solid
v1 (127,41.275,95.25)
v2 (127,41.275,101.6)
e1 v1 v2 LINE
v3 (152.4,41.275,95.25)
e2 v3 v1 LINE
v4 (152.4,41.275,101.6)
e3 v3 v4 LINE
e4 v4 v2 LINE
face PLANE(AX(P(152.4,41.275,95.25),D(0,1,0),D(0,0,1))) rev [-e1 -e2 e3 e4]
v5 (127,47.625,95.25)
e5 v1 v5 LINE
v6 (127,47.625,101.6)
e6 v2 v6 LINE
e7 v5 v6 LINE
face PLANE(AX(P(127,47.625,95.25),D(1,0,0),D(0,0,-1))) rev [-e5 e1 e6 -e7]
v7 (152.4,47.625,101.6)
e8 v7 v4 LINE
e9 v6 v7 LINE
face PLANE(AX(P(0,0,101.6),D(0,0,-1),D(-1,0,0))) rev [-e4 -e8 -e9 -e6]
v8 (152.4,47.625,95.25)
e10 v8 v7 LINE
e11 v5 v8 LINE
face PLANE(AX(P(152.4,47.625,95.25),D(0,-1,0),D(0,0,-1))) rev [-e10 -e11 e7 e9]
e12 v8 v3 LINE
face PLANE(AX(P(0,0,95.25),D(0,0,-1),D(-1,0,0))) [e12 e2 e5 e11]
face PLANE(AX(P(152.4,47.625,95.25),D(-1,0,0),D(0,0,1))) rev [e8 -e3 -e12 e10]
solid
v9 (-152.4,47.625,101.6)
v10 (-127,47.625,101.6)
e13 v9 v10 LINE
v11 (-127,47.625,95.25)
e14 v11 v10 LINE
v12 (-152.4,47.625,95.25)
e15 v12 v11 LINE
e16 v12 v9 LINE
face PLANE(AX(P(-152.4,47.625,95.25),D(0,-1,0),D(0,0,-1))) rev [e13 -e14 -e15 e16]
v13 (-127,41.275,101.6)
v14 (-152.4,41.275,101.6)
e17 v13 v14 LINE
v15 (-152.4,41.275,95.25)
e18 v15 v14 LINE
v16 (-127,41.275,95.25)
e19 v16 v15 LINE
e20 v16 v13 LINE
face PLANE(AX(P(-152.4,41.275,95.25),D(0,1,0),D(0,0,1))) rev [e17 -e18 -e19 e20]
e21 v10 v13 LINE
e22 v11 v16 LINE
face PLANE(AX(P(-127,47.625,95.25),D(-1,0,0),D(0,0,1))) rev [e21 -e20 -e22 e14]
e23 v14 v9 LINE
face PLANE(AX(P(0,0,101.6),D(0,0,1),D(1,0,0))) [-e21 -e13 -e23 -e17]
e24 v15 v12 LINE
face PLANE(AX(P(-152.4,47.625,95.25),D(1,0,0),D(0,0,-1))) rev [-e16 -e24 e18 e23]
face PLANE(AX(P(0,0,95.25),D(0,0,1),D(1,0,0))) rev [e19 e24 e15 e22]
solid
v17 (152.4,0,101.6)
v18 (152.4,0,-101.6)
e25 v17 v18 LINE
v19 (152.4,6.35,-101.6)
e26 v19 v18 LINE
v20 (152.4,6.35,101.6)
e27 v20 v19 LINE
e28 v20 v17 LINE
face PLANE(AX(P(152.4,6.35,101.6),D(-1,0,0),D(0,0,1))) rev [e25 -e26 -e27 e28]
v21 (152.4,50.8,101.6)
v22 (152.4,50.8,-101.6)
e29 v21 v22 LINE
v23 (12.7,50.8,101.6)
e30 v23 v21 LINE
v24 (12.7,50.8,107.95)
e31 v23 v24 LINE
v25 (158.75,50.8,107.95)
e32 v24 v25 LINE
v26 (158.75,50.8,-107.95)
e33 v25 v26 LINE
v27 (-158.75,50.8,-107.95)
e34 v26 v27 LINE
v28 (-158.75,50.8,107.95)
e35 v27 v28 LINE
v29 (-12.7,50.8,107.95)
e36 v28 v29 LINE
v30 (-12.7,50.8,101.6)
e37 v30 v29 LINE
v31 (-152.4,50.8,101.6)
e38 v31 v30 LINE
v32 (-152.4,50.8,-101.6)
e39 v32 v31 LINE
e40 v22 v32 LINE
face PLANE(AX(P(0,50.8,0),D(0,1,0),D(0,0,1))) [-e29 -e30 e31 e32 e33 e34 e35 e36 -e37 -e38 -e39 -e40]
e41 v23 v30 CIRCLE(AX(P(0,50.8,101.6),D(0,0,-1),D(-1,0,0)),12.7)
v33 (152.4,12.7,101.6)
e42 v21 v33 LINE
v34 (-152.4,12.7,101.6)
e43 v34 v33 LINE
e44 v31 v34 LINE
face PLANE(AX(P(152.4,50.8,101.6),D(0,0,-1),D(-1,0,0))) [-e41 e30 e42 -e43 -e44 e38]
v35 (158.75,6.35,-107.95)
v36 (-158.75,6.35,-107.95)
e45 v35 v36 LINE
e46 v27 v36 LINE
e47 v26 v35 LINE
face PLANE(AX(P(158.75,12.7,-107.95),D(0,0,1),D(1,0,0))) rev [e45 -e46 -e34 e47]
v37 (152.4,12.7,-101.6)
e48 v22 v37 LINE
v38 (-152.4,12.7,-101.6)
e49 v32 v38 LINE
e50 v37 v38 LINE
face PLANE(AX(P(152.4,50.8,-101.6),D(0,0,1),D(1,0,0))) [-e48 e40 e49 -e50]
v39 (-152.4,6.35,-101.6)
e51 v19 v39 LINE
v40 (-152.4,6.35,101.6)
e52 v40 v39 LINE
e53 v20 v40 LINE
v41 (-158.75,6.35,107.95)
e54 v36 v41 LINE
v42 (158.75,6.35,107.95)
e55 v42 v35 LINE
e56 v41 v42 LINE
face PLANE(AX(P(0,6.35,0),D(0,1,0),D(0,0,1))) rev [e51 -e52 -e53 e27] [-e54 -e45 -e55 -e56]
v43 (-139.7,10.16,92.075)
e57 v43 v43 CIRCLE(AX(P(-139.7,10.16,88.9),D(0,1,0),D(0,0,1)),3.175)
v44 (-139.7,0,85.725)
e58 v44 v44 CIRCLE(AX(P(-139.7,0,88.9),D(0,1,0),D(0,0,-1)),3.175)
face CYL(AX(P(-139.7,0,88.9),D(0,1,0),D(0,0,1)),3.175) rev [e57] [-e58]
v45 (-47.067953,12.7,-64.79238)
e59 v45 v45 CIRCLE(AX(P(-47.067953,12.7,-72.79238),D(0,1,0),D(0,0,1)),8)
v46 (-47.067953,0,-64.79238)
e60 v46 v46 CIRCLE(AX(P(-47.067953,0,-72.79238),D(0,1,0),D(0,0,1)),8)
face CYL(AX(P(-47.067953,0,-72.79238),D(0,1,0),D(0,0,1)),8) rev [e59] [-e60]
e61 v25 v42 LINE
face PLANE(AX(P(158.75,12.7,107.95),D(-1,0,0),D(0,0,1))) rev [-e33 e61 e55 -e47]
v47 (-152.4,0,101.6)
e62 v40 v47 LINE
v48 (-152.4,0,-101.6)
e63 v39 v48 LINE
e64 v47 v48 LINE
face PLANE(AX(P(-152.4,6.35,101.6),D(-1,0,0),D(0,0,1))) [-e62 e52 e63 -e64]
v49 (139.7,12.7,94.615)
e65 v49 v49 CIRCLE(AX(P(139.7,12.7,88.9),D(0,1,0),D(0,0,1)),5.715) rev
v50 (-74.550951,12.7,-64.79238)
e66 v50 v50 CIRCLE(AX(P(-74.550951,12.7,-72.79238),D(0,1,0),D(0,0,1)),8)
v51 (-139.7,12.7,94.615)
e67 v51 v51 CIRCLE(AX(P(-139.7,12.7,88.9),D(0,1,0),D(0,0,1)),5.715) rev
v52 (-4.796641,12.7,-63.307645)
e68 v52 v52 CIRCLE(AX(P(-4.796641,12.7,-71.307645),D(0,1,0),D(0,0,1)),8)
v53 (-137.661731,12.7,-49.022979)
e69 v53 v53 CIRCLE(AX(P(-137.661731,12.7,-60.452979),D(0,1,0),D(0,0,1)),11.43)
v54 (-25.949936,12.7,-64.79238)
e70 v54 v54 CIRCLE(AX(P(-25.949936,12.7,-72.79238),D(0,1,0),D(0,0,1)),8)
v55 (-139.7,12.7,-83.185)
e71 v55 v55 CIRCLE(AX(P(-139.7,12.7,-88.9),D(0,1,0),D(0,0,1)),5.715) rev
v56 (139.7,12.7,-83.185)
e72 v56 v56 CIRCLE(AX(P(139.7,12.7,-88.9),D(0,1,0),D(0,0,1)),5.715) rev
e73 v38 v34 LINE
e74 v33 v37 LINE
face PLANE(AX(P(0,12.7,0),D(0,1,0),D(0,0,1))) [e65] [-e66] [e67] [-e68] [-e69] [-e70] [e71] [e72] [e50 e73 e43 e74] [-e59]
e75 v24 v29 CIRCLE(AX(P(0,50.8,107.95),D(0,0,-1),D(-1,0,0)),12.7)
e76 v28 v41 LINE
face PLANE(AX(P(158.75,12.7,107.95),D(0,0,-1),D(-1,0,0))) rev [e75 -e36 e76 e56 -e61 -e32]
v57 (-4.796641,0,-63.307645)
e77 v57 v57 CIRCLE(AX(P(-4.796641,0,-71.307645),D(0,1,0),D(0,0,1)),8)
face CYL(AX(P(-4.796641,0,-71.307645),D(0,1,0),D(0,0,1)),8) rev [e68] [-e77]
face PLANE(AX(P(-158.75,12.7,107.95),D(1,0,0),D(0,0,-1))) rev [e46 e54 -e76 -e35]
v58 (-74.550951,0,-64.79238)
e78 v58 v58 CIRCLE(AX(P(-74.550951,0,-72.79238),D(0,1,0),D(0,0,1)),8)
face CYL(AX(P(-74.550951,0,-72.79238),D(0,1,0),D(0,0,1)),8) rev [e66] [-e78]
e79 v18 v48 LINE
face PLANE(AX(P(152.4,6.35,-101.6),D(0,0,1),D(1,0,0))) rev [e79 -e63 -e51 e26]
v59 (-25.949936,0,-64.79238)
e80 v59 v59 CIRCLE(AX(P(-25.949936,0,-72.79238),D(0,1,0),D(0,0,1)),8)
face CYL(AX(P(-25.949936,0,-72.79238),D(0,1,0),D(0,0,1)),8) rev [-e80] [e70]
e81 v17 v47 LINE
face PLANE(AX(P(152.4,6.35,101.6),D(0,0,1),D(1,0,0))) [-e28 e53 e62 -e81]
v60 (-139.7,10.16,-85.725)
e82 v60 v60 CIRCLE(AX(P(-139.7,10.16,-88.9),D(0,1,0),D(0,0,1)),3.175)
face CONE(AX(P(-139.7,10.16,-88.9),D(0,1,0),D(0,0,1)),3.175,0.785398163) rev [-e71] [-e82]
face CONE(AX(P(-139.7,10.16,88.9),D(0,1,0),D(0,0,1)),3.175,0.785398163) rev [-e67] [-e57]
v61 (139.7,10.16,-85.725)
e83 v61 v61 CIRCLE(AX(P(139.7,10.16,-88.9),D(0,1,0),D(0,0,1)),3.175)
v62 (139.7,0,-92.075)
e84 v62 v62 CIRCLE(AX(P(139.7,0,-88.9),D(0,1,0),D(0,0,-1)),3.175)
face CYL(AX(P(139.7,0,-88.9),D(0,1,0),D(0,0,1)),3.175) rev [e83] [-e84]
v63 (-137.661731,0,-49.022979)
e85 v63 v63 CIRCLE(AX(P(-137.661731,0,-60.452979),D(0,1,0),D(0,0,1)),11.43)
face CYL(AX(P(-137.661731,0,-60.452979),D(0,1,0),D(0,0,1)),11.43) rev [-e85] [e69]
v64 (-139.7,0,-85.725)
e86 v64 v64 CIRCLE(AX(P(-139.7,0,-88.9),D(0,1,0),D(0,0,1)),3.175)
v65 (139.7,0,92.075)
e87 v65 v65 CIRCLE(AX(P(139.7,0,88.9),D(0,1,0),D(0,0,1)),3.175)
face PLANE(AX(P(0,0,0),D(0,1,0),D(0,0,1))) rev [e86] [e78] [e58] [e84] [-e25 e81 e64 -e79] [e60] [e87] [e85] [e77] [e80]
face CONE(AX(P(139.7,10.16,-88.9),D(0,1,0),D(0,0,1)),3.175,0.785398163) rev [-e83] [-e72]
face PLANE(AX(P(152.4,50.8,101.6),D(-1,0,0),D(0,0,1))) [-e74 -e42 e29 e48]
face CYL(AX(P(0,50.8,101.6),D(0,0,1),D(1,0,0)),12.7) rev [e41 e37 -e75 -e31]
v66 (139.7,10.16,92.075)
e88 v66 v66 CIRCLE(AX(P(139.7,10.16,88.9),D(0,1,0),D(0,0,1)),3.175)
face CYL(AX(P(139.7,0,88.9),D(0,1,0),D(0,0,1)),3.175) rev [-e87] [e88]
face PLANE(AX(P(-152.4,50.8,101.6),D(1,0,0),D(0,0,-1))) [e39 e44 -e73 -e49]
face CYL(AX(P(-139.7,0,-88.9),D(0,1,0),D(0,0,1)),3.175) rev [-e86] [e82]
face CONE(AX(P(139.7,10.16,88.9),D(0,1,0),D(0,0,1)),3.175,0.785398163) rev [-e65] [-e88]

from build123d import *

# Parameters (mm, degrees)
SKETCH1_W             = 304.8
SKETCH1_H             = 203.2
BOSS_EXTRUDE1_DEPTH   = 6.35
SKETCH2_W             = 317.5
SKETCH2_H             = 215.9
BOSS_EXTRUDE2_DEPTH   = 6.35
SKETCH3_R             = 3.175
CUT_EXTRUDE1_DEPTH    = 12.7
CHAMFER1_SIZE         = 2.54
SKETCH6_W             = 317.5
SKETCH6_H             = 215.9
SKETCH6_W_2           = 304.8
SKETCH6_H_2           = 203.2
BOSS_EXTRUDE3_DEPTH   = 38.1
SKETCH7_W             = 25.4
SKETCH7_H             = 6.35
BOSS_EXTRUDE4_DEPTH   = 6.35
BOSS_EXTRUDE4_2_DEPTH = 6.35
CUT_EXTRUDE4_DEPTH    = 6.35
SKETCH4_R             = 11.43
SKETCH4_R_2           = 8
CUT_EXTRUDE2_DEPTH    = 12.7


with BuildPart() as part:
    # Sketch1 → Boss-Extrude1 (new body)
    with BuildSketch(Plane(origin=(0, 0, 0), x_dir=(1, 0, 0), z_dir=(0, 1, 0))):
        Rectangle(SKETCH1_W, SKETCH1_H)
    extrude(amount=BOSS_EXTRUDE1_DEPTH)

    # Sketch2 → Boss-Extrude2 (add)
    with BuildSketch(Plane(origin=(0, 6.35, 0), x_dir=(1, 0, 0), z_dir=(0, 1, 0))):
        Rectangle(SKETCH2_W, SKETCH2_H)
    extrude(amount=BOSS_EXTRUDE2_DEPTH)

    # Sketch3 → Cut-Extrude1 (cut)
    with BuildSketch(Plane(origin=(0, 12.7, 0), x_dir=(1, 0, 0), z_dir=(0, 1, 0))):
        with Locations((-139.7, 88.9)):
            Circle(SKETCH3_R)
        with Locations((139.7, 88.9)):
            Circle(SKETCH3_R)
        with Locations((139.7, -88.9)):
            Circle(SKETCH3_R)
        with Locations((-139.7, -88.9)):
            Circle(SKETCH3_R)
    extrude(amount=-CUT_EXTRUDE1_DEPTH, mode=Mode.SUBTRACT)

    # Chamfer1
    chamfer1_edges = [part.edges().sort_by_distance(p)[0] for p in [
        (-142.875, 12.7, -88.9),
        (-142.875, 12.7, 88.9),
        (136.525, 12.7, 88.9),
        (136.525, 12.7, -88.9),
    ]]
    chamfer(chamfer1_edges, length=CHAMFER1_SIZE)

    # Sketch6 → Boss-Extrude3 (add)
    with BuildSketch(Plane(origin=(0, 12.7, 0), x_dir=(1, 0, 0), z_dir=(0, 1, 0))):
        Rectangle(SKETCH6_W, SKETCH6_H)
        Rectangle(SKETCH6_W_2, SKETCH6_H_2, mode=Mode.SUBTRACT)
    extrude(amount=BOSS_EXTRUDE3_DEPTH)

    # Sketch8 → Cut-Extrude4 (cut)
    with BuildSketch(Plane.XY.offset(107.95)):
        with BuildLine():
            Line((-12.7, 50.8), (12.7, 50.8))
            ThreePointArc((12.7, 50.8), (0, 38.1), (-12.7, 50.8))
        make_face()
    extrude(amount=-CUT_EXTRUDE4_DEPTH, mode=Mode.SUBTRACT)

    # Sketch4 → Cut-Extrude2 (cut)
    with BuildSketch(Plane(origin=(0, 12.7, 0), x_dir=(1, 0, 0), z_dir=(0, 1, 0))):
        with Locations((-137.6617313, 60.452979471)):
            Circle(SKETCH4_R)
        with Locations((-74.550951205, 72.792379988)):
            Circle(SKETCH4_R_2)
        with Locations((-47.067953057, 72.792379988)):
            Circle(SKETCH4_R_2)
        with Locations((-25.949935803, 72.792379988)):
            Circle(SKETCH4_R_2)
        with Locations((-4.796640674, 71.307645451)):
            Circle(SKETCH4_R_2)
    extrude(amount=-CUT_EXTRUDE2_DEPTH, mode=Mode.SUBTRACT)


with BuildPart() as body_2:
    # Sketch7 → Boss-Extrude4 (new body)
    with BuildSketch(Plane(origin=(0, 0, 101.6), x_dir=(-1, 0, 0), z_dir=(0, 0, -1))):
        with Locations((-139.7, 44.45)):
            Rectangle(SKETCH7_W, SKETCH7_H)
    extrude(amount=BOSS_EXTRUDE4_DEPTH)


with BuildPart() as body_3:
    # Sketch7 → Boss-Extrude4 2 (new body)
    with BuildSketch(Plane(origin=(0, 0, 101.6), x_dir=(-1, 0, 0), z_dir=(0, 0, -1))):
        with Locations((139.7, 44.45)):
            Rectangle(SKETCH7_W, SKETCH7_H)
    extrude(amount=BOSS_EXTRUDE4_2_DEPTH)


solid = Compound([part.part, body_2.part, body_3.part])
